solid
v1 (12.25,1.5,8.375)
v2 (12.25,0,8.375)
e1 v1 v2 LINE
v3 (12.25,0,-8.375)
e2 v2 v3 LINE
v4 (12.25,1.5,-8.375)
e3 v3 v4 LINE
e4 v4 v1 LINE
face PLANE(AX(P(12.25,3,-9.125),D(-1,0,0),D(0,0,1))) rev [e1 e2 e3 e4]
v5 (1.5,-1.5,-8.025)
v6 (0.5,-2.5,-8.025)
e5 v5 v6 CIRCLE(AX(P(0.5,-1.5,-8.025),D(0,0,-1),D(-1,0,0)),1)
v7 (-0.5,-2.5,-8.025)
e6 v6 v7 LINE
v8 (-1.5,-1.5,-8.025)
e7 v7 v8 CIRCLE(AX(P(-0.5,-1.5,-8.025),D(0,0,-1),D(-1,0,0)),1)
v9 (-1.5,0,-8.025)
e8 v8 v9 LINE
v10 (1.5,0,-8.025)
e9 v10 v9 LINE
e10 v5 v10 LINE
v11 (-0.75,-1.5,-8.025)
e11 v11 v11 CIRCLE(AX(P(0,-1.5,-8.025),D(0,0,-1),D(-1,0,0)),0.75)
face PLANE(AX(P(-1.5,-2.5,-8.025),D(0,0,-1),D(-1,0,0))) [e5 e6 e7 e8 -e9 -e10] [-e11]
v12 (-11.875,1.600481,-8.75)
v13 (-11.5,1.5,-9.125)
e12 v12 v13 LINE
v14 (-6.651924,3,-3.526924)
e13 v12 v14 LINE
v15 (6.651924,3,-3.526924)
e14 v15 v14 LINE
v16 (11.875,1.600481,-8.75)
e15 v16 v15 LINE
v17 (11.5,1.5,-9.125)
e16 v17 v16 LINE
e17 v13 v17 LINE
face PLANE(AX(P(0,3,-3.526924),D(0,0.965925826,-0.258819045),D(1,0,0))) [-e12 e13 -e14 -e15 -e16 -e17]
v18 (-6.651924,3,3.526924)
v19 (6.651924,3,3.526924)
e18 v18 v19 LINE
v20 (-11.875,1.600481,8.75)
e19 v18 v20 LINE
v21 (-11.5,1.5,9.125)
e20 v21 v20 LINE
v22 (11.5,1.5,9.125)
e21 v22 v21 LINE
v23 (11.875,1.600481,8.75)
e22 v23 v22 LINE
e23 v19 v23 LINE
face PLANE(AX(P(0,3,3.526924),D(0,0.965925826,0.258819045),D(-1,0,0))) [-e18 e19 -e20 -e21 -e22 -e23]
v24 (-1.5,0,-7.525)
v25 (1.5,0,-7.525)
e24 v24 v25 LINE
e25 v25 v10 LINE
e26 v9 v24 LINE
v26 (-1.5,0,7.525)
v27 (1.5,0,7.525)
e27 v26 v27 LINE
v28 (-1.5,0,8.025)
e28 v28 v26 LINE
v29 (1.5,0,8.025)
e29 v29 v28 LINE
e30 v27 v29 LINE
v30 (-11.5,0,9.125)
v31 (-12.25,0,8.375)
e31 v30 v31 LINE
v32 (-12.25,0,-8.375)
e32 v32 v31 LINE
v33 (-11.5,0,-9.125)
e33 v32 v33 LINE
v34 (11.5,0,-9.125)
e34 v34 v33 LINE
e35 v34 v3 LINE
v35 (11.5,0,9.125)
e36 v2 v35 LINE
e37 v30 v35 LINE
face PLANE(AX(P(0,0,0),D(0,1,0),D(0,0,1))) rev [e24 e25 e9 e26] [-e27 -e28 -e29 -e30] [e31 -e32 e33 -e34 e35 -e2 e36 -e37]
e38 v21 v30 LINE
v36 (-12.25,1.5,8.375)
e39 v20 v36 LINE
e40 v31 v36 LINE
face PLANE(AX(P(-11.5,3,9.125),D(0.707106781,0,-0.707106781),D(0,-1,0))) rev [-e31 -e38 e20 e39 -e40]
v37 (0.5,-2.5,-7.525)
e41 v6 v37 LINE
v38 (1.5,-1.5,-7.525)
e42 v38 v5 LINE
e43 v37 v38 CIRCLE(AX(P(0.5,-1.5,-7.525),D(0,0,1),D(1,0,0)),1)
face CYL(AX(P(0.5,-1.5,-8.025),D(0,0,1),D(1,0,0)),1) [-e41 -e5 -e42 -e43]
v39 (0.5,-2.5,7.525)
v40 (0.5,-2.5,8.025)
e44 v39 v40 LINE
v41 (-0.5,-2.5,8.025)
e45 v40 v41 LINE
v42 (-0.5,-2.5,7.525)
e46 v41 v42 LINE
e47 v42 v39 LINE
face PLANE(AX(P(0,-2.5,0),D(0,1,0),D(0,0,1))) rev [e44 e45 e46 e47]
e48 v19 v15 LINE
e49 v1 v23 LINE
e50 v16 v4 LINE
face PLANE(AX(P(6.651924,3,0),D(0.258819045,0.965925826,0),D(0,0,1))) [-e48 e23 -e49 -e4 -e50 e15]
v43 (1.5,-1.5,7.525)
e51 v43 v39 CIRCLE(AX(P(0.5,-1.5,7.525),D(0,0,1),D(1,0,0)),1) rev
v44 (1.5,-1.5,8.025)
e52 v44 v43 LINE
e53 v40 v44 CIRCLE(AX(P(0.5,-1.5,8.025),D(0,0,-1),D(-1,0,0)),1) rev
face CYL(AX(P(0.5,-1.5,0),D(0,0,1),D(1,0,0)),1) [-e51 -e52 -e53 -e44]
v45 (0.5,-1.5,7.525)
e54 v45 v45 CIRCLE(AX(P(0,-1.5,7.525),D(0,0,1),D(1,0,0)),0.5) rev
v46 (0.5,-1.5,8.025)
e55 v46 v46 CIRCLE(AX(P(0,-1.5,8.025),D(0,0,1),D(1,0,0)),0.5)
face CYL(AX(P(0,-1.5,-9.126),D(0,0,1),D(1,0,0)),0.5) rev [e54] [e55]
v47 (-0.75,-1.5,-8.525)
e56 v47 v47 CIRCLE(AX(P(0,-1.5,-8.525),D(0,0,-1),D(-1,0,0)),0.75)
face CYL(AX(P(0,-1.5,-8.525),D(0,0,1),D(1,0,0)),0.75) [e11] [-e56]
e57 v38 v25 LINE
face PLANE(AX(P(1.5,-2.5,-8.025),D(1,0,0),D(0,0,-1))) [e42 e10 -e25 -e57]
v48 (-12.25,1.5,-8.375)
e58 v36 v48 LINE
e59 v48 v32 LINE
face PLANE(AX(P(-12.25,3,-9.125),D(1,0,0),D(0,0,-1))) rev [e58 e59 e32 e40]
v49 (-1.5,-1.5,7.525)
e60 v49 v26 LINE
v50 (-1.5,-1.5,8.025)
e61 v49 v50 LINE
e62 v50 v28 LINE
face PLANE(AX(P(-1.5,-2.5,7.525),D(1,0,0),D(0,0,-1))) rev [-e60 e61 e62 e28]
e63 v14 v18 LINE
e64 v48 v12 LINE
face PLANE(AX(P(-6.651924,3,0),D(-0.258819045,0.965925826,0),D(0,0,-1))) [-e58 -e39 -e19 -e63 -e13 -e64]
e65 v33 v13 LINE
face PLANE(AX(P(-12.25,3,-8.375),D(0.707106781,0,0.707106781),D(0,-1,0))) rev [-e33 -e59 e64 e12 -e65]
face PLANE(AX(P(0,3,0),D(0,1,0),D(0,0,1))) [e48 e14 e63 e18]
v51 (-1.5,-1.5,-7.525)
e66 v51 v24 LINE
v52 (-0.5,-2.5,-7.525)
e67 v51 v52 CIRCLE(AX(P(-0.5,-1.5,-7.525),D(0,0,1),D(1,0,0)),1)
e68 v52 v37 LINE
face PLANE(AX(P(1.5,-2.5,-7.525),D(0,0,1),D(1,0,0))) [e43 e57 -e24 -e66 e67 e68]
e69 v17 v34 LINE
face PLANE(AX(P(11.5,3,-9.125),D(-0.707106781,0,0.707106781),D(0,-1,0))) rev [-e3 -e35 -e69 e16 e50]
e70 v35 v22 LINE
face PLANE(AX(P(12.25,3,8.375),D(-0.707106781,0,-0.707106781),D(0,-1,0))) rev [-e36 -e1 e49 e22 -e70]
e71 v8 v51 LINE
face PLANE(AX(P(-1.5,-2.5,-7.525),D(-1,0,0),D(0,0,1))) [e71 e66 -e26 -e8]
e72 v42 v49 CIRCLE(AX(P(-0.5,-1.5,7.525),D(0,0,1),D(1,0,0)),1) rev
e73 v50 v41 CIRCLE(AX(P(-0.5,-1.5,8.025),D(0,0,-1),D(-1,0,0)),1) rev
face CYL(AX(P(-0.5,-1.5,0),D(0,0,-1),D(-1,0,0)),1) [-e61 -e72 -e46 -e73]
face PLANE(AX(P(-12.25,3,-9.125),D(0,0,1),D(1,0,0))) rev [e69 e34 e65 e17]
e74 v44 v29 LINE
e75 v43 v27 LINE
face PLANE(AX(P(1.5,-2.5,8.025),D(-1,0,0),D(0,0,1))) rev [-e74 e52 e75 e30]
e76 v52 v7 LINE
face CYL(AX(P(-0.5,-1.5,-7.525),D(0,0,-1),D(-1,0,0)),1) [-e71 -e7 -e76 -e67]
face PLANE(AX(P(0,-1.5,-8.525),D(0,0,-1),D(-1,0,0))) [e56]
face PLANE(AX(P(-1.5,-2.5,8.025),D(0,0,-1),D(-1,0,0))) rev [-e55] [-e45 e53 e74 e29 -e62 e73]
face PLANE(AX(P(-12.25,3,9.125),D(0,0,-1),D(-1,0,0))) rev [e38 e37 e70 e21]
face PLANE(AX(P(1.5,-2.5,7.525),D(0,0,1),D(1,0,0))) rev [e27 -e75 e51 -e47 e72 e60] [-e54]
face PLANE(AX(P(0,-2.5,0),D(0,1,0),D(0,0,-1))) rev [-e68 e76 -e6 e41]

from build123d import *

# Parameters (mm, degrees)
SKETCH1_W             = 24.5
SKETCH1_H             = 18.25
BOSS_EXTRUDE1_DEPTH   = 3
CHAMFER1_SIZE         = 0.75
CHAMFER2_SIZE         = 1.5
CHAMFER2_SIZE2        = 5.598076211
CHAMFER2_PART_2_SIZE  = 1.5
CHAMFER2_PART_2_SIZE2 = 5.598076211
CHAMFER2_PART_3_SIZE  = 1.5
CHAMFER2_PART_3_SIZE2 = 5.598076211
CHAMFER2_PART_4_SIZE  = 1.5
CHAMFER2_PART_4_SIZE2 = 5.598076211
SKETCH4_W             = 3
SKETCH4_H             = 0.5
BOSS_EXTRUDE2_DEPTH   = 2.5
FILLET2_R             = 1
FILLET2_OF_MIRROR2_R  = 1
SKETCH5_R             = 0.75
BOSS_EXTRUDE3_DEPTH   = 0.5
CUT_EXTRUDE2_REACH    = 23.288
SKETCH6_R             = 0.5


with BuildPart() as part:
    # Sketch1 → Boss-Extrude1 (new body)
    with BuildSketch(Plane(origin=(0, 0, 0), x_dir=(1, 0, 0), z_dir=(0, 1, 0))):
        Rectangle(SKETCH1_W, SKETCH1_H)
    extrude(amount=BOSS_EXTRUDE1_DEPTH)

    # Chamfer1
    chamfer1_edges = [part.edges().sort_by_distance(p)[0] for p in [
        (12.25, 1.5, 9.125),
        (-12.25, 1.5, 9.125),
        (-12.25, 1.5, -9.125),
        (12.25, 1.5, -9.125),
    ]]
    chamfer(chamfer1_edges, length=CHAMFER1_SIZE)

    # Chamfer2
    chamfer2_edges = [part.edges().sort_by_distance(p)[0] for p in [
        (12.25, 3, 0),
    ]]
    chamfer2_side = [part.faces().sort_by_distance(p)[0] for p in [
        (12.25, 1.5, 0),
    ]]
    chamfer(chamfer2_edges, length=CHAMFER2_SIZE, length2=CHAMFER2_SIZE2, reference=chamfer2_side[0])

    # Chamfer2 part 2
    chamfer2_part_2_edges = [part.edges().sort_by_distance(p)[0] for p in [
        (0, 3, 9.125),
    ]]
    chamfer2_part_2_side = [part.faces().sort_by_distance(p)[0] for p in [
        (0, 1.5, 9.125),
    ]]
    chamfer(chamfer2_part_2_edges, length=CHAMFER2_PART_2_SIZE, length2=CHAMFER2_PART_2_SIZE2, reference=chamfer2_part_2_side[0])

    # Chamfer2 part 3
    chamfer2_part_3_edges = [part.edges().sort_by_distance(p)[0] for p in [
        (-12.25, 3, 0),
    ]]
    chamfer2_part_3_side = [part.faces().sort_by_distance(p)[0] for p in [
        (-12.25, 1.5, 0),
    ]]
    chamfer(chamfer2_part_3_edges, length=CHAMFER2_PART_3_SIZE, length2=CHAMFER2_PART_3_SIZE2, reference=chamfer2_part_3_side[0])

    # Chamfer2 part 4
    chamfer2_part_4_edges = [part.edges().sort_by_distance(p)[0] for p in [
        (0, 3, -9.125),
    ]]
    chamfer2_part_4_side = [part.faces().sort_by_distance(p)[0] for p in [
        (0, 1.5, -9.125),
    ]]
    chamfer(chamfer2_part_4_edges, length=CHAMFER2_PART_4_SIZE, length2=CHAMFER2_PART_4_SIZE2, reference=chamfer2_part_4_side[0])

    # Sketch4 → Boss-Extrude2 (add)
    with BuildSketch(Plane.XZ):
        with Locations((0, 7.775)):
            Rectangle(SKETCH4_W, SKETCH4_H)
    boss_extrude2 = extrude(amount=BOSS_EXTRUDE2_DEPTH)

    # Fillet2
    fillet2_edges = [part.edges().sort_by_distance(p)[0] for p in [
        (-1.5, -2.5, 7.775),
        (1.5, -2.5, 7.775),
    ]]
    fillet(fillet2_edges, radius=FILLET2_R)

    # Mirror2: Boss-Extrude2 across plane
    add(boss_extrude2.mirror(Plane.XY))

    # Fillet2 of Mirror2
    fillet2_of_mirror2_edges = [part.edges().sort_by_distance(p)[0] for p in [
        (-1.5, -2.5, -7.775),
        (1.5, -2.5, -7.775),
    ]]
    fillet(fillet2_of_mirror2_edges, radius=FILLET2_OF_MIRROR2_R)

    # Sketch5 → Boss-Extrude3 (add)
    with BuildSketch(Plane(origin=(0, 0, -8.025), x_dir=(-1, 0, 0), z_dir=(0, 0, -1))):
        with Locations((0, -1.5)):
            Circle(SKETCH5_R)
    extrude(amount=BOSS_EXTRUDE3_DEPTH)

    # Sketch6 → Cut-Extrude2 (cut, up to next)
    with BuildSketch(Plane.XY.offset(8.025), mode=Mode.PRIVATE) as cut_extrude2_sk1:
        with Locations((0, -1.5)):
            Circle(SKETCH6_R)
    cut_extrude2_tool1 = extrude(cut_extrude2_sk1.sketch, amount=-CUT_EXTRUDE2_REACH, mode=Mode.PRIVATE) & part.part
    add(cut_extrude2_tool1.solids().sort_by_distance((0, -1.5, 8.025))[0], mode=Mode.SUBTRACT)


solid = part.part
